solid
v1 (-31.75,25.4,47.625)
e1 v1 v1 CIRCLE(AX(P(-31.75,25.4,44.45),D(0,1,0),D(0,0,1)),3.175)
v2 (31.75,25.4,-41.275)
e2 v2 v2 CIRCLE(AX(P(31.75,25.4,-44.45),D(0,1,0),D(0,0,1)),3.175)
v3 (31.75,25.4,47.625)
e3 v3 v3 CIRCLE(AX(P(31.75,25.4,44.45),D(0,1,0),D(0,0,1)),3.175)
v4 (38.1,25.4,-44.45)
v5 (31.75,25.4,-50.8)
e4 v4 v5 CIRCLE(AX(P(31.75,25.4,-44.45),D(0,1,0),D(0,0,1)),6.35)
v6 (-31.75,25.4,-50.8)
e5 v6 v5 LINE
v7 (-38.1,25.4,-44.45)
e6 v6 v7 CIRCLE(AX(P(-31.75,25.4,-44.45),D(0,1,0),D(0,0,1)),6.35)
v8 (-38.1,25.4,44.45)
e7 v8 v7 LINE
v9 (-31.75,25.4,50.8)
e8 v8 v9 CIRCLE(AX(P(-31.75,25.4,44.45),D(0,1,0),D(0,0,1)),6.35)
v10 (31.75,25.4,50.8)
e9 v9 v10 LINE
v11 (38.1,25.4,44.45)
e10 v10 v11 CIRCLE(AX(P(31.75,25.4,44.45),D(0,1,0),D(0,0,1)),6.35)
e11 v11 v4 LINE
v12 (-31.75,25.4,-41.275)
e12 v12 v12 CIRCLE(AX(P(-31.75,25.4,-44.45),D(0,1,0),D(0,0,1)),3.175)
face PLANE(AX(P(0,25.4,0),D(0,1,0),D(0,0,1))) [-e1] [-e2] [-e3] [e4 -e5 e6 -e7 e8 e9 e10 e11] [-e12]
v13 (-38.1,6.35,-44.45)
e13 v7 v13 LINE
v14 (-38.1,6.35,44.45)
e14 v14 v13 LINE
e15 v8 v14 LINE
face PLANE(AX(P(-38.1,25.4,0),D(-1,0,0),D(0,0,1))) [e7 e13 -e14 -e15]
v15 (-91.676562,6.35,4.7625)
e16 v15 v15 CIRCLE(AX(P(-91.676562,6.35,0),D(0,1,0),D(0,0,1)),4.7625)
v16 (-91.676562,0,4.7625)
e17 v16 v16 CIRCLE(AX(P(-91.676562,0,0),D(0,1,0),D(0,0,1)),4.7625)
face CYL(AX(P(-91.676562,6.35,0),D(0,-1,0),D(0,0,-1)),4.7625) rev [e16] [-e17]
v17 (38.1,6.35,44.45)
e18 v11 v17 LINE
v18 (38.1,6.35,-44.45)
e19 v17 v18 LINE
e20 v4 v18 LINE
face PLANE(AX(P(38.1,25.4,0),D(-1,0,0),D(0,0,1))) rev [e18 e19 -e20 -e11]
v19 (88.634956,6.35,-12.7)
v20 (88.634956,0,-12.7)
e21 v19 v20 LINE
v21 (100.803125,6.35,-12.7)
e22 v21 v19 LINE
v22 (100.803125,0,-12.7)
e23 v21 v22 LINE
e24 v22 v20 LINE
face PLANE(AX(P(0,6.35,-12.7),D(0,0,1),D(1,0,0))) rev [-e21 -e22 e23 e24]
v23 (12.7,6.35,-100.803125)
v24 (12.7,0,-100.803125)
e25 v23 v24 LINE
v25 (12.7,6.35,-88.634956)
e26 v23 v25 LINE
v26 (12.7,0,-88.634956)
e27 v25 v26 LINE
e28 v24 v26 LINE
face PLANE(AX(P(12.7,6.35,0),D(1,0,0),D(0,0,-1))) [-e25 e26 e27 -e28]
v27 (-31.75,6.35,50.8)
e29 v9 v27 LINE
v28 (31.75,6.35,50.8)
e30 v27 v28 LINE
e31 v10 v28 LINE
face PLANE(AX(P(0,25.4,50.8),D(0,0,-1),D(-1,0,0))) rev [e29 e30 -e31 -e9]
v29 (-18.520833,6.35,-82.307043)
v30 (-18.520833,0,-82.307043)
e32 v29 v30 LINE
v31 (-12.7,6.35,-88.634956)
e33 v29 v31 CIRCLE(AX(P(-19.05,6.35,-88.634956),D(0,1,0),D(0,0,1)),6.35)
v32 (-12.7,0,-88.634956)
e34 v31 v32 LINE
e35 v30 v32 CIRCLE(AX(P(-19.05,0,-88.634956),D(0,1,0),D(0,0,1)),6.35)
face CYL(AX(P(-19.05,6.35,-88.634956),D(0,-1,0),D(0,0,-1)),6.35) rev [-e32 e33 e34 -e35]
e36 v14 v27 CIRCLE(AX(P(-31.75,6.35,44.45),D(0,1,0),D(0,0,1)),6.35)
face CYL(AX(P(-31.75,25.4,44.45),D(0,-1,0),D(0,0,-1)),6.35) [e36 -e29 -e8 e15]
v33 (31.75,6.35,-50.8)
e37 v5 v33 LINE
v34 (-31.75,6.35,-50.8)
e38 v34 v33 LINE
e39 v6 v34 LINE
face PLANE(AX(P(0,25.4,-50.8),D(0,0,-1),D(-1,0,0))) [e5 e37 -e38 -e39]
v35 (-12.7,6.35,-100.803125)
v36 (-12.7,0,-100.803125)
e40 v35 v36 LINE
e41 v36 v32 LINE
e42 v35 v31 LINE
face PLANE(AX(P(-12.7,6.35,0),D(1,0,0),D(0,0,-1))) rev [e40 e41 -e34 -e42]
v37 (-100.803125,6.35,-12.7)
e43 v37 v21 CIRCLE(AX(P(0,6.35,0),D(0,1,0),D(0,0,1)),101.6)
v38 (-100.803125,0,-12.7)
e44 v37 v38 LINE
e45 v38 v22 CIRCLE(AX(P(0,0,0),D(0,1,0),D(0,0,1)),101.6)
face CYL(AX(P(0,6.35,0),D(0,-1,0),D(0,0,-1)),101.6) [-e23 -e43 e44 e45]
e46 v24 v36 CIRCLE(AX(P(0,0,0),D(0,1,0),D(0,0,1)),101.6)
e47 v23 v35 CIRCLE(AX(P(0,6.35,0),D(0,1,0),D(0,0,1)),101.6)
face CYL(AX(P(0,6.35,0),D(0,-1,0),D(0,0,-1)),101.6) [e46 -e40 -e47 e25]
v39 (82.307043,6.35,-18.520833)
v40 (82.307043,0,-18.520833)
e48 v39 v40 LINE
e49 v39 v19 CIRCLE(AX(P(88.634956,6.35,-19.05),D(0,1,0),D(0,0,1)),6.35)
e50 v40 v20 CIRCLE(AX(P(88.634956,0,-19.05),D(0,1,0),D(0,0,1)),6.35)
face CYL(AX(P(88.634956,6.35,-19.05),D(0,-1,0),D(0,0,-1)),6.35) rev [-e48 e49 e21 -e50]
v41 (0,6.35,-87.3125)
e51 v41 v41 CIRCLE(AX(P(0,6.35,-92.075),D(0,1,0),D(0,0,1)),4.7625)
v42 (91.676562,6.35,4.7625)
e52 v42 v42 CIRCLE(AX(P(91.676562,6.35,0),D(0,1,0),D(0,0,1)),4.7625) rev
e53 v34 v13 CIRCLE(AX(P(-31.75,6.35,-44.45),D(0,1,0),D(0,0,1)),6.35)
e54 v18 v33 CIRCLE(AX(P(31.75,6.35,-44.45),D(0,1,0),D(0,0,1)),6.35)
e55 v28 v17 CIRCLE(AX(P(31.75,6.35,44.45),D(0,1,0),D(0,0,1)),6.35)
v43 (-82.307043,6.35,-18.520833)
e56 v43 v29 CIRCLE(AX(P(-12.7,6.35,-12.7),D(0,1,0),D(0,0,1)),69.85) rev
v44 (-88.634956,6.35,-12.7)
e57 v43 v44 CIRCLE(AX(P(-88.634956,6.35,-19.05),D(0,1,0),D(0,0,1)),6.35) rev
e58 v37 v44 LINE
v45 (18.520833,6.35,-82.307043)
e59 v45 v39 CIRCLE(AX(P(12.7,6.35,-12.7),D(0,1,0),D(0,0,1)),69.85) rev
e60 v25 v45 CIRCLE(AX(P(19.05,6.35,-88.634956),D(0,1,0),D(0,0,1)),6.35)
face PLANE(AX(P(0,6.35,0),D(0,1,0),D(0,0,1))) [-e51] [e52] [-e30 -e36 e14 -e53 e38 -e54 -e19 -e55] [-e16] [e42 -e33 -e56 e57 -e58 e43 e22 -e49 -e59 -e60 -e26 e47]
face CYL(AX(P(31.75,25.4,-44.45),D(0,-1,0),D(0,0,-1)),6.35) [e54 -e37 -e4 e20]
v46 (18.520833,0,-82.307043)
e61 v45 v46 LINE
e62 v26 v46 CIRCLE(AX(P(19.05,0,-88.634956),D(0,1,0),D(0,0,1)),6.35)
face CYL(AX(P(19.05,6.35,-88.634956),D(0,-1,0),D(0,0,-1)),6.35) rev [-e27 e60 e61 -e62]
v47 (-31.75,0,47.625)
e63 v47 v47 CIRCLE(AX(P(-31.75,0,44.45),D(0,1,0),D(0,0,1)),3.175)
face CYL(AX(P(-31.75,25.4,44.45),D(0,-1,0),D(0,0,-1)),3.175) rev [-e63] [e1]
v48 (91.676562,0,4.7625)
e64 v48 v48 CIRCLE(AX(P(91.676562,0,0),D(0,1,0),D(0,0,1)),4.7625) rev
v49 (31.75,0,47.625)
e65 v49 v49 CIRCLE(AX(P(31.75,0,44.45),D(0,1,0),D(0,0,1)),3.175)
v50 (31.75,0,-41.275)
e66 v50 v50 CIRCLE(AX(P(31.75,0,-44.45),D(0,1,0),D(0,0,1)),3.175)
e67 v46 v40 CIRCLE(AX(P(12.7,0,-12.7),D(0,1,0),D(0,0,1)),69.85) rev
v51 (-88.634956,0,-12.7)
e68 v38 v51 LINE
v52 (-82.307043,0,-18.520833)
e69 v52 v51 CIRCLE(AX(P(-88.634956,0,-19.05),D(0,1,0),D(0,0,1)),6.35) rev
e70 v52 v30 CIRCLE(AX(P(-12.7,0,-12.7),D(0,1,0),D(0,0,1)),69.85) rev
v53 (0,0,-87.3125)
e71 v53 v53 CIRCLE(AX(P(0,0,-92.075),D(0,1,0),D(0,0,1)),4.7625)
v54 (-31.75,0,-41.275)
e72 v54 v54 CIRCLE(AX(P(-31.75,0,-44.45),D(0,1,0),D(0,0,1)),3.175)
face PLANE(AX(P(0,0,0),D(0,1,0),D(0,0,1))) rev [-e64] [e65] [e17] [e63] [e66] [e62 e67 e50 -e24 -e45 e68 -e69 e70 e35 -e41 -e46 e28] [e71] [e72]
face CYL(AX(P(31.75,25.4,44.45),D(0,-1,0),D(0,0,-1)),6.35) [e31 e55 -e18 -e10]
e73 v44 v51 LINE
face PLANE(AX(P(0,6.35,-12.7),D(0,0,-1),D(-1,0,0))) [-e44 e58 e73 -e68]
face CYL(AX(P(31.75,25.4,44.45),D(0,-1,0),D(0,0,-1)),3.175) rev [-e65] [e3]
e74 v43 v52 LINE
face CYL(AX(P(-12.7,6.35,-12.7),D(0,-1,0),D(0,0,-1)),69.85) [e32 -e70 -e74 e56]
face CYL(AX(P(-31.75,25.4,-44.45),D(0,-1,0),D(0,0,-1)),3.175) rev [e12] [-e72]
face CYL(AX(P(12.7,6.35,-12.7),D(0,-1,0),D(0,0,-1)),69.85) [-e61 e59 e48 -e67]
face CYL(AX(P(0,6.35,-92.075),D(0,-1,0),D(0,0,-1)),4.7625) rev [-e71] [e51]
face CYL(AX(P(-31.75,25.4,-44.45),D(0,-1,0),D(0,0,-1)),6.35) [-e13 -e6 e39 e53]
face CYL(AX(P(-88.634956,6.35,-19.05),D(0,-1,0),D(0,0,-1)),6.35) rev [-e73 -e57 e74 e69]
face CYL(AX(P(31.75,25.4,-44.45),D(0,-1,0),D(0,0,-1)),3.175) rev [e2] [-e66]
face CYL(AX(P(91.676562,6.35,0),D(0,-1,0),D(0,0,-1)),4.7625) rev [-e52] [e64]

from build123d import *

# Parameters (mm, degrees)
SKETCH1_R           = 3.175
BOSS_EXTRUDE1_DEPTH = 25.4
SKETCH1_3_R         = 4.7625
BOSS_EXTRUDE2_DEPTH = 6.35


with BuildPart() as part:
    # Sketch1 → Boss-Extrude1 (new body)
    with BuildSketch(Plane(origin=(0, 0, 0), x_dir=(1, 0, 0), z_dir=(0, 1, 0))):
        with BuildLine():
            ThreePointArc((-38.1, -44.45), (-36.240128061, -48.940128061), (-31.75, -50.8))
            Line((-31.75, -50.8), (31.75, -50.8))
            ThreePointArc((31.75, -50.8), (36.240128061, -48.940128061), (38.1, -44.45))
            Line((38.1, -44.45), (38.1, 44.45))
            ThreePointArc((38.1, 44.45), (36.240128061, 48.940128061), (31.75, 50.8))
            Line((31.75, 50.8), (-31.75, 50.8))
            ThreePointArc((-31.75, 50.8), (-36.240128061, 48.940128061), (-38.1, 44.45))
            Line((-38.1, 44.45), (-38.1, -44.45))
        make_face()
        with Locations((-31.75, -44.45)):
            Circle(SKETCH1_R, mode=Mode.SUBTRACT)
        with Locations((31.75, -44.45)):
            Circle(SKETCH1_R, mode=Mode.SUBTRACT)
        with Locations((-31.75, 44.45)):
            Circle(SKETCH1_R, mode=Mode.SUBTRACT)
        with Locations((31.75, 44.45)):
            Circle(SKETCH1_R, mode=Mode.SUBTRACT)
    extrude(amount=BOSS_EXTRUDE1_DEPTH)

    # Sketch1<3> → Boss-Extrude2 (add)
    with BuildSketch(Plane(origin=(0, 0, 0), x_dir=(1, 0, 0), z_dir=(0, 1, 0))):
        with BuildLine():
            ThreePointArc((12.7, 100.803124952), (0, 101.6), (-12.7, 100.803124952))
            Line((-12.7, 100.803124952), (-12.7, 88.634955719))
            ThreePointArc((-12.7, 88.634955719), (-14.376526542, 84.335985396), (-18.520833333, 82.307042742))
            ThreePointArc((-18.520833333, 82.307042742), (-62.091408666, 62.091408666), (-82.307042742, 18.520833333))
            ThreePointArc((-82.307042742, 18.520833333), (-84.335985396, 14.376526542), (-88.634955719, 12.7))
            Line((-88.634955719, 12.7), (-100.803124952, 12.7))
            ThreePointArc((-100.803124952, 12.7), (0, -101.6), (100.803124952, 12.7))
            Line((100.803124952, 12.7), (88.634955719, 12.7))
            ThreePointArc((88.634955719, 12.7), (84.335985396, 14.376526542), (82.307042742, 18.520833333))
            ThreePointArc((82.307042742, 18.520833333), (62.091408666, 62.091408666), (18.520833333, 82.307042742))
            ThreePointArc((18.520833333, 82.307042742), (14.376526542, 84.335985396), (12.7, 88.634955719))
            Line((12.7, 88.634955719), (12.7, 100.803124952))
        make_face()
        with Locations((-91.676562476, 0)):
            Circle(SKETCH1_3_R, mode=Mode.SUBTRACT)
        with BuildLine():
            Line((31.75, -50.8), (-31.75, -50.8))
            ThreePointArc((-31.75, -50.8), (-36.240128061, -48.940128061), (-38.1, -44.45))
            Line((-38.1, -44.45), (-38.1, 44.45))
            ThreePointArc((-38.1, 44.45), (-36.240128061, 48.940128061), (-31.75, 50.8))
            Line((-31.75, 50.8), (31.75, 50.8))
            ThreePointArc((31.75, 50.8), (36.240128061, 48.940128061), (38.1, 44.45))
            Line((38.1, 44.45), (38.1, -44.45))
            ThreePointArc((38.1, -44.45), (36.240128061, -48.940128061), (31.75, -50.8))
        make_face(mode=Mode.SUBTRACT)
        with Locations((0, 92.075)):
            Circle(SKETCH1_3_R, mode=Mode.SUBTRACT)
        with Locations((91.676562476, 0)):
            Circle(SKETCH1_3_R, mode=Mode.SUBTRACT)
    extrude(amount=BOSS_EXTRUDE2_DEPTH)


solid = part.part
